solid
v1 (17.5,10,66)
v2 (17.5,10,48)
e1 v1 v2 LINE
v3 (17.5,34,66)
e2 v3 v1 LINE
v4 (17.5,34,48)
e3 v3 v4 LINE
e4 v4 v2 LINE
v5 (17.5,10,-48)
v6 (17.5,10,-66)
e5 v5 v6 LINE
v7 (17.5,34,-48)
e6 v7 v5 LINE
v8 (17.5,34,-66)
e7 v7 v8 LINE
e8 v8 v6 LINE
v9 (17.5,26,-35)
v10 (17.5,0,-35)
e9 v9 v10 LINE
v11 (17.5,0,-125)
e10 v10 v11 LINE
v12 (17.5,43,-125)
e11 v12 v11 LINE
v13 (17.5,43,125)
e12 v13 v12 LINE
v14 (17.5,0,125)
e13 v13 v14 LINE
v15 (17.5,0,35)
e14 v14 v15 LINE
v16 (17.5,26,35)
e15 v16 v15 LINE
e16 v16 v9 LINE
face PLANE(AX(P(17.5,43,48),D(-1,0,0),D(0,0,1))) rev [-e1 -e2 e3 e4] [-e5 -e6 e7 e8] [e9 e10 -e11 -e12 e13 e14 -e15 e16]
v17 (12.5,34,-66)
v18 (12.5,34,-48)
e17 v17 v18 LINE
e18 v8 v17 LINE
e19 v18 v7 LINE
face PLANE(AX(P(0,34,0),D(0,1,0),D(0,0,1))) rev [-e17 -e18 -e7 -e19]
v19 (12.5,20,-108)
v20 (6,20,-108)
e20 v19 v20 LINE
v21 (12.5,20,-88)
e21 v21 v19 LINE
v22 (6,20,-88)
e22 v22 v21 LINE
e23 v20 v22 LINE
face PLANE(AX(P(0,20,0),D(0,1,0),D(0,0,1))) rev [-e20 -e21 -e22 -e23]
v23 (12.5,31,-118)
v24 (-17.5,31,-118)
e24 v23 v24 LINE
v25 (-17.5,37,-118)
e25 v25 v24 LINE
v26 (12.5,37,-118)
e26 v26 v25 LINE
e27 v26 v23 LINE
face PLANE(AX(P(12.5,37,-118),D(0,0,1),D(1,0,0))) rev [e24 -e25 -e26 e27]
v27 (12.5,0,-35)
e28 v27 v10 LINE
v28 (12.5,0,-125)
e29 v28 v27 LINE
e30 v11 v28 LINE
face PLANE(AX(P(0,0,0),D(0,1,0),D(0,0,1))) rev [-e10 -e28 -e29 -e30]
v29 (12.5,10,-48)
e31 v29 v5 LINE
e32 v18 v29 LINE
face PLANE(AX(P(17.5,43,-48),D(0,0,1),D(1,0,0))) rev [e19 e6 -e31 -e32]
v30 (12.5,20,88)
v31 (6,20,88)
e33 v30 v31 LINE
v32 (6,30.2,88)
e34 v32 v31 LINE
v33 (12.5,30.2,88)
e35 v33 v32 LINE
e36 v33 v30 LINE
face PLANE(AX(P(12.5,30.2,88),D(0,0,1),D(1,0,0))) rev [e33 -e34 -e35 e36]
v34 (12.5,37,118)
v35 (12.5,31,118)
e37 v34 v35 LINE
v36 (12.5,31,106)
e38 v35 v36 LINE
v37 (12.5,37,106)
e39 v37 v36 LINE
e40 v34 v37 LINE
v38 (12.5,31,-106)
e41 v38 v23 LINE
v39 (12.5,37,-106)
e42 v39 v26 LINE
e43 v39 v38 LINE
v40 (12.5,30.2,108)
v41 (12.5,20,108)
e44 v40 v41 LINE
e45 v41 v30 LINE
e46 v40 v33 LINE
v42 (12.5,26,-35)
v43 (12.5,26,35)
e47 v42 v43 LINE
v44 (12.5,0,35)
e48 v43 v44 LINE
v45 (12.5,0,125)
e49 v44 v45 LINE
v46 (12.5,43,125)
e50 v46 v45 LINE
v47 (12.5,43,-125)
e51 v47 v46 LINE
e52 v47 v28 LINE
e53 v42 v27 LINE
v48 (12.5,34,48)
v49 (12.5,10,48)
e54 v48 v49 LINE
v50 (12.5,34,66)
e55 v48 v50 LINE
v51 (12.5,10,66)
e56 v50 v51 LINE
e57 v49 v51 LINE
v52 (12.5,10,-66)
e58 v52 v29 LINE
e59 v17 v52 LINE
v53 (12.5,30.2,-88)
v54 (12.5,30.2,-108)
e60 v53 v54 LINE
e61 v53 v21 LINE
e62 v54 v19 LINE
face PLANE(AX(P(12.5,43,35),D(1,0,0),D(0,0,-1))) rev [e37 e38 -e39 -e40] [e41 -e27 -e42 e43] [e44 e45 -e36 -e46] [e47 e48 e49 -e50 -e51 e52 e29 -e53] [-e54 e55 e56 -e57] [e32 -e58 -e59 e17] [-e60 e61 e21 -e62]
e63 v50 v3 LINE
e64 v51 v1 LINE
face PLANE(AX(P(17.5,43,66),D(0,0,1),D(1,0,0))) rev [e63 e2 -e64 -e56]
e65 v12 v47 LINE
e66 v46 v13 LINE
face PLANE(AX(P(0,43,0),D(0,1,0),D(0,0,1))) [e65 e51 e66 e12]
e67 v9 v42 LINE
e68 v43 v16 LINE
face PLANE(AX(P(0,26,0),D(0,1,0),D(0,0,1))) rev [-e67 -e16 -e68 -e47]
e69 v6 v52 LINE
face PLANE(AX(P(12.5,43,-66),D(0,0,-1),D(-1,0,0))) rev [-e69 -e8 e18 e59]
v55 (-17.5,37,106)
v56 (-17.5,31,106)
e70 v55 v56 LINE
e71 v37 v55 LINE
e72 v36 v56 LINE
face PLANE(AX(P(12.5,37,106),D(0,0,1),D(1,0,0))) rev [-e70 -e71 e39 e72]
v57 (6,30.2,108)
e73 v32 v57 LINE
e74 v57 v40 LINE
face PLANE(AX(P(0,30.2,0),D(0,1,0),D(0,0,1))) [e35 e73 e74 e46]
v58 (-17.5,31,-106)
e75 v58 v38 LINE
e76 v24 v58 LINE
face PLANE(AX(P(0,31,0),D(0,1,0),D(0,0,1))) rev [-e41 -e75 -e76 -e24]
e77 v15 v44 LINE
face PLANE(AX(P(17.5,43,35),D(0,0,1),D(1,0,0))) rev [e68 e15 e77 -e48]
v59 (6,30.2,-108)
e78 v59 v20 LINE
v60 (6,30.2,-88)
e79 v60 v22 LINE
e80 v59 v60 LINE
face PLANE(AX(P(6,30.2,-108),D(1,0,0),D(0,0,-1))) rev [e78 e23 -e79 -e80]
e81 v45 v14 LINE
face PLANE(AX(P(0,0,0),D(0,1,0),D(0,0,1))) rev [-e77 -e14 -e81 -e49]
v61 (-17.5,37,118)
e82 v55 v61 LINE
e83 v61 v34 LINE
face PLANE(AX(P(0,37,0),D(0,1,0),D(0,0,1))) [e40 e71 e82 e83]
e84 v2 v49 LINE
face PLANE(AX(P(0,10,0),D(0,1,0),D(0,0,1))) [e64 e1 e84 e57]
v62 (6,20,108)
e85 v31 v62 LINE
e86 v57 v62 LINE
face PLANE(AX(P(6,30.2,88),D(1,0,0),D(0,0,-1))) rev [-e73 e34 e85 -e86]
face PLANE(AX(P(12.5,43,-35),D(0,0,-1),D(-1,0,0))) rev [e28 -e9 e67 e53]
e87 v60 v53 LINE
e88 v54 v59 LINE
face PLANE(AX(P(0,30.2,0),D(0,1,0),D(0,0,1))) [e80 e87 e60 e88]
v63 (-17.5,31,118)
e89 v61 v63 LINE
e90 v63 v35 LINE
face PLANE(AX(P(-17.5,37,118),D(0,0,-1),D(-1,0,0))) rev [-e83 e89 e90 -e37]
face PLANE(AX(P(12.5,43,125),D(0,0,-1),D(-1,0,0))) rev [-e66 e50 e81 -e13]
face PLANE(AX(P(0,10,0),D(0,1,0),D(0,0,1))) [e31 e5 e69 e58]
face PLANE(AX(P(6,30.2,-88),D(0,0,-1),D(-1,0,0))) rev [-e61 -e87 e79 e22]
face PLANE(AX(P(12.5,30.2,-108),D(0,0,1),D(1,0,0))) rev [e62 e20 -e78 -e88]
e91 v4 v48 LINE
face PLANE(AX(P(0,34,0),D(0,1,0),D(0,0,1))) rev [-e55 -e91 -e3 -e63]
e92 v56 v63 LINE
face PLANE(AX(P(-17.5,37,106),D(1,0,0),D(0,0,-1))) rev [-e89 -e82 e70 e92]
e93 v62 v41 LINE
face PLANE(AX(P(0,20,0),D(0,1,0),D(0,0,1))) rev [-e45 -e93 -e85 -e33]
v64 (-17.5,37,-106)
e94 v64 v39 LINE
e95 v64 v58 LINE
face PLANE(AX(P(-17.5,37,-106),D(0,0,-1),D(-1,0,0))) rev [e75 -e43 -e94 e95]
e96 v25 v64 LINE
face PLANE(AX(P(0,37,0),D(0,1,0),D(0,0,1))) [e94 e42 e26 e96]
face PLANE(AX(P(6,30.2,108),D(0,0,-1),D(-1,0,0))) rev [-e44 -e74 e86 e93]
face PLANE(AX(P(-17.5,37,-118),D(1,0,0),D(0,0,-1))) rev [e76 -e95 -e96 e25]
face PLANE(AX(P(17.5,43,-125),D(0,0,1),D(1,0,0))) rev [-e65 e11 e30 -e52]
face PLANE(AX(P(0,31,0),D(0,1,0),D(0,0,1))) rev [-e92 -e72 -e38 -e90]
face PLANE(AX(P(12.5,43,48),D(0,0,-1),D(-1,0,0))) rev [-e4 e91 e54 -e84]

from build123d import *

# Parameters (mm, degrees)
SK_P01_BUMPERFACE_W      = 5
SK_P01_BUMPERFACE_H      = 13
P01_BUMPERFACE_DEPTH     = 43
SK_P02_BUMPERFACE_W      = 5
SK_P02_BUMPERFACE_H      = 59
P02_BUMPERFACE_DEPTH     = 43
SK_P03_BUMPERFACE_W      = 5
SK_P03_BUMPERFACE_H      = 18
P03_BUMPERFACE_DEPTH     = 10
P04_BUMPERFACE_START     = 34
SK_P04_BUMPERFACE_W      = 5
SK_P04_BUMPERFACE_H      = 18
P04_BUMPERFACE_DEPTH     = 9
P05_FLEXUREBRACKET_START = 31
SK_P05_FLEXUREBRACKET_W  = 30
SK_P05_FLEXUREBRACKET_H  = 12
P05_FLEXUREBRACKET_DEPTH = 6
P06_SWITCHSS5GL2_START   = 20
SK_P06_SWITCHSS5GL2_W    = 6.5
SK_P06_SWITCHSS5GL2_H    = 20
P06_SWITCHSS5GL2_DEPTH   = 10.2
SK_P07_BUMPERFACE_W      = 5
SK_P07_BUMPERFACE_H      = 13
P07_BUMPERFACE_DEPTH     = 43
SK_P08_BUMPERFACE_W      = 5
SK_P08_BUMPERFACE_H      = 59
P08_BUMPERFACE_DEPTH     = 43
SK_P09_BUMPERFACE_W      = 5
SK_P09_BUMPERFACE_H      = 18
P09_BUMPERFACE_DEPTH     = 10
P10_BUMPERFACE_START     = 34
SK_P10_BUMPERFACE_W      = 5
SK_P10_BUMPERFACE_H      = 18
P10_BUMPERFACE_DEPTH     = 9
P11_FLEXUREBRACKET_START = 31
SK_P11_FLEXUREBRACKET_W  = 30
SK_P11_FLEXUREBRACKET_H  = 12
P11_FLEXUREBRACKET_DEPTH = 6
P12_SWITCHSS5GL2_START   = 20
SK_P12_SWITCHSS5GL2_W    = 6.5
SK_P12_SWITCHSS5GL2_H    = 20
P12_SWITCHSS5GL2_DEPTH   = 10.2
P13_BUMPERFACE_START     = 26
SK_P13_BUMPERFACE_W      = 5
SK_P13_BUMPERFACE_H      = 70
P13_BUMPERFACE_DEPTH     = 17


with BuildPart() as part:
    # SK_P01_Bumperface → P01_Bumperface (new body)
    with BuildSketch(Plane(origin=(0, 0, 0), x_dir=(1, 0, 0), z_dir=(0, 1, 0))):
        with Locations((15, -41.5)):
            Rectangle(SK_P01_BUMPERFACE_W, SK_P01_BUMPERFACE_H)
    extrude(amount=P01_BUMPERFACE_DEPTH)



with BuildPart() as body_2:
    # SK_P02_Bumperface → P02_Bumperface (new body)
    with BuildSketch(Plane(origin=(0, 0, 0), x_dir=(1, 0, 0), z_dir=(0, 1, 0))):
        with Locations((15, -95.5)):
            Rectangle(SK_P02_BUMPERFACE_W, SK_P02_BUMPERFACE_H)
    extrude(amount=P02_BUMPERFACE_DEPTH)


with BuildPart() as part_1:
    add(part.part)

    add(body_2.part)  # P03_Bumperface merges body 2
    # SK_P03_Bumperface → P03_Bumperface (add)
    with BuildSketch(Plane(origin=(0, 0, 0), x_dir=(1, 0, 0), z_dir=(0, 1, 0))):
        with Locations((15, -57)):
            Rectangle(SK_P03_BUMPERFACE_W, SK_P03_BUMPERFACE_H)
    extrude(amount=P03_BUMPERFACE_DEPTH)

    # SK_P04_Bumperface → P04_Bumperface (add)
    with BuildSketch(Plane(origin=(0, 0, 0), x_dir=(1, 0, 0), z_dir=(0, 1, 0)).offset(P04_BUMPERFACE_START)):
        with Locations((15, -57)):
            Rectangle(SK_P04_BUMPERFACE_W, SK_P04_BUMPERFACE_H)
    extrude(amount=P04_BUMPERFACE_DEPTH)

    # SK_P05_Flexurebracket → P05_Flexurebracket (add)
    with BuildSketch(Plane(origin=(0, 0, 0), x_dir=(1, 0, 0), z_dir=(0, 1, 0)).offset(P05_FLEXUREBRACKET_START)):
        with Locations((-2.5, -112)):
            Rectangle(SK_P05_FLEXUREBRACKET_W, SK_P05_FLEXUREBRACKET_H)
    extrude(amount=P05_FLEXUREBRACKET_DEPTH)

    # SK_P06_SwitchSS5GL2 → P06_SwitchSS5GL2 (add)
    with BuildSketch(Plane(origin=(0, 0, 0), x_dir=(1, 0, 0), z_dir=(0, 1, 0)).offset(P06_SWITCHSS5GL2_START)):
        with Locations((9.25, -98)):
            Rectangle(SK_P06_SWITCHSS5GL2_W, SK_P06_SWITCHSS5GL2_H)
    extrude(amount=P06_SWITCHSS5GL2_DEPTH)



with BuildPart() as body_2_2:
    # SK_P07_Bumperface → P07_Bumperface (new body)
    with BuildSketch(Plane(origin=(0, 0, 0), x_dir=(1, 0, 0), z_dir=(0, 1, 0))):
        with Locations((15, 41.5)):
            Rectangle(SK_P07_BUMPERFACE_W, SK_P07_BUMPERFACE_H)
    extrude(amount=P07_BUMPERFACE_DEPTH)



with BuildPart() as body_3:
    # SK_P08_Bumperface → P08_Bumperface (new body)
    with BuildSketch(Plane(origin=(0, 0, 0), x_dir=(1, 0, 0), z_dir=(0, 1, 0))):
        with Locations((15, 95.5)):
            Rectangle(SK_P08_BUMPERFACE_W, SK_P08_BUMPERFACE_H)
    extrude(amount=P08_BUMPERFACE_DEPTH)


with BuildPart() as body_2_2_1:
    add(body_2_2.part)

    add(body_3.part)  # P09_Bumperface merges body 3
    # SK_P09_Bumperface → P09_Bumperface (add)
    with BuildSketch(Plane(origin=(0, 0, 0), x_dir=(1, 0, 0), z_dir=(0, 1, 0))):
        with Locations((15, 57)):
            Rectangle(SK_P09_BUMPERFACE_W, SK_P09_BUMPERFACE_H)
    extrude(amount=P09_BUMPERFACE_DEPTH)

    # SK_P10_Bumperface → P10_Bumperface (add)
    with BuildSketch(Plane(origin=(0, 0, 0), x_dir=(1, 0, 0), z_dir=(0, 1, 0)).offset(P10_BUMPERFACE_START)):
        with Locations((15, 57)):
            Rectangle(SK_P10_BUMPERFACE_W, SK_P10_BUMPERFACE_H)
    extrude(amount=P10_BUMPERFACE_DEPTH)

    # SK_P11_Flexurebracket → P11_Flexurebracket (add)
    with BuildSketch(Plane(origin=(0, 0, 0), x_dir=(1, 0, 0), z_dir=(0, 1, 0)).offset(P11_FLEXUREBRACKET_START)):
        with Locations((-2.5, 112)):
            Rectangle(SK_P11_FLEXUREBRACKET_W, SK_P11_FLEXUREBRACKET_H)
    extrude(amount=P11_FLEXUREBRACKET_DEPTH)

    # SK_P12_SwitchSS5GL2 → P12_SwitchSS5GL2 (add)
    with BuildSketch(Plane(origin=(0, 0, 0), x_dir=(1, 0, 0), z_dir=(0, 1, 0)).offset(P12_SWITCHSS5GL2_START)):
        with Locations((9.25, 98)):
            Rectangle(SK_P12_SWITCHSS5GL2_W, SK_P12_SWITCHSS5GL2_H)
    extrude(amount=P12_SWITCHSS5GL2_DEPTH)


with BuildPart() as part_2:
    add(part_1.part)

    add(body_2_2_1.part)  # P13_Bumperface merges body 2 2
    # SK_P13_Bumperface → P13_Bumperface (add)
    with BuildSketch(Plane(origin=(0, 0, 0), x_dir=(1, 0, 0), z_dir=(0, 1, 0)).offset(P13_BUMPERFACE_START)):
        with Locations((15, 0)):
            Rectangle(SK_P13_BUMPERFACE_W, SK_P13_BUMPERFACE_H)
    extrude(amount=P13_BUMPERFACE_DEPTH)


solid = part_2.part
